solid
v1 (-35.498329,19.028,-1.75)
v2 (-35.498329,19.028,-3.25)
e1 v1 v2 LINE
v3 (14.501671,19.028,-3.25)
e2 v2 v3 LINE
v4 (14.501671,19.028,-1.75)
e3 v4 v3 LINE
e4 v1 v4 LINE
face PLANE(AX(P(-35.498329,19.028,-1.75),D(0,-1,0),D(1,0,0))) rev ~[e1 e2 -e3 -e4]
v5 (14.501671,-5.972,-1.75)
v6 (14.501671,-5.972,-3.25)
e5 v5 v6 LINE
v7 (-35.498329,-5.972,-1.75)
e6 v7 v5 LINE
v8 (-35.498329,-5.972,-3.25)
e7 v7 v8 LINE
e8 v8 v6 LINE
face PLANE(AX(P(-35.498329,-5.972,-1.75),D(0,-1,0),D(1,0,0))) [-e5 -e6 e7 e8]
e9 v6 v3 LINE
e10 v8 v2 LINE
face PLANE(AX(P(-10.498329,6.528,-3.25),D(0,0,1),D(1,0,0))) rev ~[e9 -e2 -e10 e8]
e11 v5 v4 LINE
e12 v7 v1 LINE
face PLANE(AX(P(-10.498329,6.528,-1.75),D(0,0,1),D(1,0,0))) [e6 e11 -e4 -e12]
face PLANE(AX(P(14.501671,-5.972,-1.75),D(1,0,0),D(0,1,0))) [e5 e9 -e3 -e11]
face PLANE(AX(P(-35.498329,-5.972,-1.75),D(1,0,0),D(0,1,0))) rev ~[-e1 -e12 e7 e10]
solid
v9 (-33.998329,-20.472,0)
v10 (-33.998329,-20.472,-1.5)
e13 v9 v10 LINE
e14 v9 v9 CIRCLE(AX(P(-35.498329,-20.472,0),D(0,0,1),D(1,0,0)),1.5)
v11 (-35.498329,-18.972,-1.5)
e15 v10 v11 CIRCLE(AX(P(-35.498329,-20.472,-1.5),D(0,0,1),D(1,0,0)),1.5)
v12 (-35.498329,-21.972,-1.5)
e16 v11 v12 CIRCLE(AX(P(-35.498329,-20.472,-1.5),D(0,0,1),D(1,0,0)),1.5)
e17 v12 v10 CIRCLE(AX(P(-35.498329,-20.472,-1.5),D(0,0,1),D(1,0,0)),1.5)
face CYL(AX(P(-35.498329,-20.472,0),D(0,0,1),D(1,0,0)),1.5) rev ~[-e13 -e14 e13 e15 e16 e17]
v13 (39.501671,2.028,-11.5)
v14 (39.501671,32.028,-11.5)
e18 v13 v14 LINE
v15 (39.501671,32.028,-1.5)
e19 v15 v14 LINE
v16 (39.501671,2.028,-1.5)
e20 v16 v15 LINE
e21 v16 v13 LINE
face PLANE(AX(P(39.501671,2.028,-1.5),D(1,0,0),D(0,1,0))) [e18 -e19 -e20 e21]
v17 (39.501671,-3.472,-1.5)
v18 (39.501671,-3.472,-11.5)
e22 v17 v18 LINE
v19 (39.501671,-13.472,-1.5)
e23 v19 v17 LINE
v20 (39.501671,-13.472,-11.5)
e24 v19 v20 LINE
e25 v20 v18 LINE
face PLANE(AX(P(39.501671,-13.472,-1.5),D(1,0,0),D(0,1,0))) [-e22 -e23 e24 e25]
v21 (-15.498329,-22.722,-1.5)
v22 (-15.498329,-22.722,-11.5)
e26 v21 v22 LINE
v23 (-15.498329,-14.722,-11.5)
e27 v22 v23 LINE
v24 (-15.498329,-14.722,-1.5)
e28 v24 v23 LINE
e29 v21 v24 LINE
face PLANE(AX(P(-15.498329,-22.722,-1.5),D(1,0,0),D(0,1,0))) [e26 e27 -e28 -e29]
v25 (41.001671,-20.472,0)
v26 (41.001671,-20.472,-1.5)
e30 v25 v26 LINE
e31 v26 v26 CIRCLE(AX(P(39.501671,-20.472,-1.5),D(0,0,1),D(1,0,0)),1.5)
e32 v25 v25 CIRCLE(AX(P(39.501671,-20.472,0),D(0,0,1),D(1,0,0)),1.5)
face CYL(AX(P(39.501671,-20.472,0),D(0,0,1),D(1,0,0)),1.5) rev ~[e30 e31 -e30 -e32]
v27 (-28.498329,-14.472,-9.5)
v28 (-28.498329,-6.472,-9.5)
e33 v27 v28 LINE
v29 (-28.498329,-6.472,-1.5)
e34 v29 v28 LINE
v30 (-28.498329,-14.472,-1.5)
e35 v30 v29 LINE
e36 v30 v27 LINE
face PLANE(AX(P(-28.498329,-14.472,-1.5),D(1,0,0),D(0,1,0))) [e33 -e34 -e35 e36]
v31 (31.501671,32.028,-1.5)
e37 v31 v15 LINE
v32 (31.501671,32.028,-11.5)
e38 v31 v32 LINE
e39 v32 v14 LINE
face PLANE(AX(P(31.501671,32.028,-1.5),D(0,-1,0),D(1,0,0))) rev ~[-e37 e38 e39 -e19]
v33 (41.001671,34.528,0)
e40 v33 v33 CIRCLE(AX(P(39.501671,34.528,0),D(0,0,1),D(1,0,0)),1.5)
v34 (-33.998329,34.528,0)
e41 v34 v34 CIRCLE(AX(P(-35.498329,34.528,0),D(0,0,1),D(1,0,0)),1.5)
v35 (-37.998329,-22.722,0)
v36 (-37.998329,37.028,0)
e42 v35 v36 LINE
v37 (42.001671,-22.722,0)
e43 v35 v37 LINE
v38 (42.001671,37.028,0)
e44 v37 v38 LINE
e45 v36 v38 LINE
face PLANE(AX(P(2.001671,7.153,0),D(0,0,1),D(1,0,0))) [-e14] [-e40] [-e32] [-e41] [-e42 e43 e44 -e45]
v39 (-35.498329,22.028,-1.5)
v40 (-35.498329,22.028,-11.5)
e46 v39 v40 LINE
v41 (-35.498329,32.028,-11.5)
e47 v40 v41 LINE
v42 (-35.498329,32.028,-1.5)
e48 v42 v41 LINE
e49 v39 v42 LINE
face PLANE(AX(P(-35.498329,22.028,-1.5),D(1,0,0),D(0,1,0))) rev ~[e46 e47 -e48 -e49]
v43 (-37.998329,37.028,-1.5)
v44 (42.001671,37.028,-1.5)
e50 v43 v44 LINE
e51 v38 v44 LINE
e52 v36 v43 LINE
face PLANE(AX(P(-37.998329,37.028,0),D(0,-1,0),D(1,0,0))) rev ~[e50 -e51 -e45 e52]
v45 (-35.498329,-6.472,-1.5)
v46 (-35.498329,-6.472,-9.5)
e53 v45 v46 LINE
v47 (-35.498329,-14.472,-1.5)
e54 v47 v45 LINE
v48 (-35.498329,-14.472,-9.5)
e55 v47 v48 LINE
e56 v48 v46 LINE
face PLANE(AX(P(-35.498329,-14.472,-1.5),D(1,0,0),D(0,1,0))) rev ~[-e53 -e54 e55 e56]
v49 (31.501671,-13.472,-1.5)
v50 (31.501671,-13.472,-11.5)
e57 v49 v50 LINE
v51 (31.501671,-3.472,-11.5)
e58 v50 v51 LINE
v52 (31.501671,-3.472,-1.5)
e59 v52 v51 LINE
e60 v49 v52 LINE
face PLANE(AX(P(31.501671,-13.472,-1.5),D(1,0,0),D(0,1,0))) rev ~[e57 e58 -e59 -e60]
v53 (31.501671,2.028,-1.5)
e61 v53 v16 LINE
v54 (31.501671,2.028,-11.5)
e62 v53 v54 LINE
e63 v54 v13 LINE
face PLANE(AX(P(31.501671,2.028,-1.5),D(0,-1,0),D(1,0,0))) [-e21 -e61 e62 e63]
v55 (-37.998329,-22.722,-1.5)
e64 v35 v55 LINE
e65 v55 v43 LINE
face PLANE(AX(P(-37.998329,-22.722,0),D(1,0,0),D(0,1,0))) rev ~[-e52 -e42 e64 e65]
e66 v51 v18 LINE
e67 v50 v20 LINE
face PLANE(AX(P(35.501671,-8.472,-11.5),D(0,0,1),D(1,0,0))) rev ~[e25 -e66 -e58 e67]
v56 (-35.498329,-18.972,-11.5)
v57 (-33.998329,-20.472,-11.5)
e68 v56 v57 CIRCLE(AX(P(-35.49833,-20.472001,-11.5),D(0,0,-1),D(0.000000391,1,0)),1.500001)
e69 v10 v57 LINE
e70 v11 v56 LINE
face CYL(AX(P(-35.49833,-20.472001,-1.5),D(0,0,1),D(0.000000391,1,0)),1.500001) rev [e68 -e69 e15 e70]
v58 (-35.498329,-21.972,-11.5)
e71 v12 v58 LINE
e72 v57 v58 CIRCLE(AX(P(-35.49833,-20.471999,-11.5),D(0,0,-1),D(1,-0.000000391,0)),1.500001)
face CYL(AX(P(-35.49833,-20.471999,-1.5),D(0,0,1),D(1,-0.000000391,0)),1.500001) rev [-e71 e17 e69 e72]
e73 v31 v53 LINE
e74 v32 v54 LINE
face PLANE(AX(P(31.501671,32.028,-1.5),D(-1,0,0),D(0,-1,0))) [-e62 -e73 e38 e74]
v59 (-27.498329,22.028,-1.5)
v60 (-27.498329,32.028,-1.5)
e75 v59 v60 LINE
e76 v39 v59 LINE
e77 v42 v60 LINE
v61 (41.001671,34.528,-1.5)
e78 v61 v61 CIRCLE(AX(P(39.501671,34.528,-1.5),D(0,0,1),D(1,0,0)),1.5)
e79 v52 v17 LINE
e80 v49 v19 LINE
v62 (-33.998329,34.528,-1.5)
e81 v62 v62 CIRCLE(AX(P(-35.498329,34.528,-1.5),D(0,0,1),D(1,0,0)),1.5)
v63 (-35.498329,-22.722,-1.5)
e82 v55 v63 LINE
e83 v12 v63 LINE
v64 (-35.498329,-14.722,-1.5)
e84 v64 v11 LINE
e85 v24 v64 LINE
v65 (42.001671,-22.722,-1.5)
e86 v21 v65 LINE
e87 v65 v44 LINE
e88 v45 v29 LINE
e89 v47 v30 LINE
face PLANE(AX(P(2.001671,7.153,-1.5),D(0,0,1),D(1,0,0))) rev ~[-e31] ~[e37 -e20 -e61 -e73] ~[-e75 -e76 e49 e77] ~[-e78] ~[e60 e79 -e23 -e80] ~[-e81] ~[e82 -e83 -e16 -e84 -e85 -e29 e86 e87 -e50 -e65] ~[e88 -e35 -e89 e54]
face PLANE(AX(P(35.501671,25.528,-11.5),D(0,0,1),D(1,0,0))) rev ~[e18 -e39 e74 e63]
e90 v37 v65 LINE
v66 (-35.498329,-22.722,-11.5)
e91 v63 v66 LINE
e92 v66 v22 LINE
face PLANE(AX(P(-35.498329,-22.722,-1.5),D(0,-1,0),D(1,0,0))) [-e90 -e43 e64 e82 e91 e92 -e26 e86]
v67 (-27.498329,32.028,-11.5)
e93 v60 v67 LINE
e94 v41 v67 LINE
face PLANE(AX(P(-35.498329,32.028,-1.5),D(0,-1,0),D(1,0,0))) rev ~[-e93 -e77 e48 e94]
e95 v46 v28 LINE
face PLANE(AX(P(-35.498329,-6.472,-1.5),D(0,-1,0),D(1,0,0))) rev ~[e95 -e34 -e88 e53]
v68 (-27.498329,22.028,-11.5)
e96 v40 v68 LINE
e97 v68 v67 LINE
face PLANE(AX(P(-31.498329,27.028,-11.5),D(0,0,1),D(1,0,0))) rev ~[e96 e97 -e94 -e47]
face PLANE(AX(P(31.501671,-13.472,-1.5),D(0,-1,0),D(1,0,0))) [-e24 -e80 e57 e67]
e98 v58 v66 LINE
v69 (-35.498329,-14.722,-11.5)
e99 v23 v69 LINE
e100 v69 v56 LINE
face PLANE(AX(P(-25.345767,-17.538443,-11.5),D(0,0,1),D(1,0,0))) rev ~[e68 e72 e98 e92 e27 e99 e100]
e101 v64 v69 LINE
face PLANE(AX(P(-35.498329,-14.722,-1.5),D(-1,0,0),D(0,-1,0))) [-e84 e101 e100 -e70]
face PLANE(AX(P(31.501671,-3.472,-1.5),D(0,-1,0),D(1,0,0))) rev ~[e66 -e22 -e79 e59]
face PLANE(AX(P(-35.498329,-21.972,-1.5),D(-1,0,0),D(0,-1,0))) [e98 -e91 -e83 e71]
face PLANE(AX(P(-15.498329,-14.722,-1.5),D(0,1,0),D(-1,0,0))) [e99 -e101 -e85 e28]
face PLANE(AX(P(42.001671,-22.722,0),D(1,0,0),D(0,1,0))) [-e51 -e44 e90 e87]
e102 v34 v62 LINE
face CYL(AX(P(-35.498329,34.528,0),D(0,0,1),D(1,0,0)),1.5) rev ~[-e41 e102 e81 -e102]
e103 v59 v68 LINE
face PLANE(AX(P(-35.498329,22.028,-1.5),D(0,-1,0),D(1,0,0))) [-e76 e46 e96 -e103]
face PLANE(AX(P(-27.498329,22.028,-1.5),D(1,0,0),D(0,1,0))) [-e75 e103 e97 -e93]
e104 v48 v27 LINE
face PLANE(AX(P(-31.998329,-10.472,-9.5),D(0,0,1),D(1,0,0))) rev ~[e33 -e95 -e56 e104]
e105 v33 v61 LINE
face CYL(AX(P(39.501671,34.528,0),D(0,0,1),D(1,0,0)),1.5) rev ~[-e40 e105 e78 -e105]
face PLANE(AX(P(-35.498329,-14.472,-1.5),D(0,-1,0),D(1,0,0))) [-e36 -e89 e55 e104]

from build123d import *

# Parameters (mm, degrees)
SKETCH1_W           = 80
SKETCH1_H           = 59.75
SKETCH1_R           = 1.5
BOSS_EXTRUDE1_DEPTH = 1.5
BOSS_EXTRUDE2_START = -1.75
SKETCH1_8_W         = 50
SKETCH1_8_H         = 25
BOSS_EXTRUDE2_DEPTH = 1.5
BOSS_EXTRUDE3_START = -1.5
SKETCH1_9_W         = 8
SKETCH1_9_H         = 10
SKETCH1_9_H_2       = 13
SKETCH1_9_H_3       = 17
BOSS_EXTRUDE3_DEPTH = 10
BOSS_EXTRUDE4_START = -1.5
SKETCH1_10_W        = 7
SKETCH1_10_H        = 8
BOSS_EXTRUDE4_DEPTH = 8


with BuildPart() as part:
    # Sketch1 → Boss-Extrude1 (new body)
    with BuildSketch(Plane.XY):
        with Locations((2.001671, 7.153)):
            Rectangle(SKETCH1_W, SKETCH1_H)
        with Locations((-35.498329, -20.472)):
            Circle(SKETCH1_R, mode=Mode.SUBTRACT)
        with Locations((39.501671, -20.472)):
            Circle(SKETCH1_R, mode=Mode.SUBTRACT)
        with Locations((-35.498329, 34.528)):
            Circle(SKETCH1_R, mode=Mode.SUBTRACT)
        with Locations((39.501671, 34.528)):
            Circle(SKETCH1_R, mode=Mode.SUBTRACT)
    extrude(amount=-BOSS_EXTRUDE1_DEPTH)

    # Sketch1<9> → Boss-Extrude3 (add)
    with BuildSketch(Plane.XY.offset(BOSS_EXTRUDE3_START)):
        with Locations((-31.498329, 27.028)):
            Rectangle(SKETCH1_9_W, SKETCH1_9_H)
        with Locations((35.501671, 25.528)):
            Rectangle(SKETCH1_9_W, SKETCH1_9_H_2)
        with Locations((35.501671, 10.528)):
            Rectangle(SKETCH1_9_W, SKETCH1_9_H_3)
        with Locations((35.501671, -8.472)):
            Rectangle(SKETCH1_9_W, SKETCH1_9_H)
        with BuildLine():
            Line((-15.498329, -14.722), (-35.498329, -14.722))
            Line((-35.498329, -14.722), (-35.498329, -18.972))
            ThreePointArc((-35.498329, -18.972), (-34.437669, -19.41134), (-33.998329, -20.472))
            Line((-33.998329, -20.472), (-15.498329, -20.472))
            Line((-15.498329, -20.472), (-15.498329, -14.722))
        make_face()
        with BuildLine():
            Line((-35.498329, -21.972), (-35.498329, -22.722))
            Line((-35.498329, -22.722), (-15.498329, -22.722))
            Line((-15.498329, -22.722), (-15.498329, -20.472))
            Line((-15.498329, -20.472), (-33.998329, -20.472))
            ThreePointArc((-33.998329, -20.472), (-34.437669, -21.53266), (-35.498329, -21.972))
        make_face()
    extrude(amount=-BOSS_EXTRUDE3_DEPTH)

    # Sketch1<10> → Boss-Extrude4 (add)
    with BuildSketch(Plane.XY.offset(BOSS_EXTRUDE4_START)):
        with Locations((-31.998329, -10.472)):
            Rectangle(SKETCH1_10_W, SKETCH1_10_H)
    extrude(amount=-BOSS_EXTRUDE4_DEPTH)


with BuildPart() as body_2:
    # Sketch1<8> → Boss-Extrude2 (new body)
    with BuildSketch(Plane.XY.offset(BOSS_EXTRUDE2_START)):
        with Locations((-10.498329, 6.528)):
            Rectangle(SKETCH1_8_W, SKETCH1_8_H)
    extrude(amount=-BOSS_EXTRUDE2_DEPTH)


solid = Compound([part.part, body_2.part])
